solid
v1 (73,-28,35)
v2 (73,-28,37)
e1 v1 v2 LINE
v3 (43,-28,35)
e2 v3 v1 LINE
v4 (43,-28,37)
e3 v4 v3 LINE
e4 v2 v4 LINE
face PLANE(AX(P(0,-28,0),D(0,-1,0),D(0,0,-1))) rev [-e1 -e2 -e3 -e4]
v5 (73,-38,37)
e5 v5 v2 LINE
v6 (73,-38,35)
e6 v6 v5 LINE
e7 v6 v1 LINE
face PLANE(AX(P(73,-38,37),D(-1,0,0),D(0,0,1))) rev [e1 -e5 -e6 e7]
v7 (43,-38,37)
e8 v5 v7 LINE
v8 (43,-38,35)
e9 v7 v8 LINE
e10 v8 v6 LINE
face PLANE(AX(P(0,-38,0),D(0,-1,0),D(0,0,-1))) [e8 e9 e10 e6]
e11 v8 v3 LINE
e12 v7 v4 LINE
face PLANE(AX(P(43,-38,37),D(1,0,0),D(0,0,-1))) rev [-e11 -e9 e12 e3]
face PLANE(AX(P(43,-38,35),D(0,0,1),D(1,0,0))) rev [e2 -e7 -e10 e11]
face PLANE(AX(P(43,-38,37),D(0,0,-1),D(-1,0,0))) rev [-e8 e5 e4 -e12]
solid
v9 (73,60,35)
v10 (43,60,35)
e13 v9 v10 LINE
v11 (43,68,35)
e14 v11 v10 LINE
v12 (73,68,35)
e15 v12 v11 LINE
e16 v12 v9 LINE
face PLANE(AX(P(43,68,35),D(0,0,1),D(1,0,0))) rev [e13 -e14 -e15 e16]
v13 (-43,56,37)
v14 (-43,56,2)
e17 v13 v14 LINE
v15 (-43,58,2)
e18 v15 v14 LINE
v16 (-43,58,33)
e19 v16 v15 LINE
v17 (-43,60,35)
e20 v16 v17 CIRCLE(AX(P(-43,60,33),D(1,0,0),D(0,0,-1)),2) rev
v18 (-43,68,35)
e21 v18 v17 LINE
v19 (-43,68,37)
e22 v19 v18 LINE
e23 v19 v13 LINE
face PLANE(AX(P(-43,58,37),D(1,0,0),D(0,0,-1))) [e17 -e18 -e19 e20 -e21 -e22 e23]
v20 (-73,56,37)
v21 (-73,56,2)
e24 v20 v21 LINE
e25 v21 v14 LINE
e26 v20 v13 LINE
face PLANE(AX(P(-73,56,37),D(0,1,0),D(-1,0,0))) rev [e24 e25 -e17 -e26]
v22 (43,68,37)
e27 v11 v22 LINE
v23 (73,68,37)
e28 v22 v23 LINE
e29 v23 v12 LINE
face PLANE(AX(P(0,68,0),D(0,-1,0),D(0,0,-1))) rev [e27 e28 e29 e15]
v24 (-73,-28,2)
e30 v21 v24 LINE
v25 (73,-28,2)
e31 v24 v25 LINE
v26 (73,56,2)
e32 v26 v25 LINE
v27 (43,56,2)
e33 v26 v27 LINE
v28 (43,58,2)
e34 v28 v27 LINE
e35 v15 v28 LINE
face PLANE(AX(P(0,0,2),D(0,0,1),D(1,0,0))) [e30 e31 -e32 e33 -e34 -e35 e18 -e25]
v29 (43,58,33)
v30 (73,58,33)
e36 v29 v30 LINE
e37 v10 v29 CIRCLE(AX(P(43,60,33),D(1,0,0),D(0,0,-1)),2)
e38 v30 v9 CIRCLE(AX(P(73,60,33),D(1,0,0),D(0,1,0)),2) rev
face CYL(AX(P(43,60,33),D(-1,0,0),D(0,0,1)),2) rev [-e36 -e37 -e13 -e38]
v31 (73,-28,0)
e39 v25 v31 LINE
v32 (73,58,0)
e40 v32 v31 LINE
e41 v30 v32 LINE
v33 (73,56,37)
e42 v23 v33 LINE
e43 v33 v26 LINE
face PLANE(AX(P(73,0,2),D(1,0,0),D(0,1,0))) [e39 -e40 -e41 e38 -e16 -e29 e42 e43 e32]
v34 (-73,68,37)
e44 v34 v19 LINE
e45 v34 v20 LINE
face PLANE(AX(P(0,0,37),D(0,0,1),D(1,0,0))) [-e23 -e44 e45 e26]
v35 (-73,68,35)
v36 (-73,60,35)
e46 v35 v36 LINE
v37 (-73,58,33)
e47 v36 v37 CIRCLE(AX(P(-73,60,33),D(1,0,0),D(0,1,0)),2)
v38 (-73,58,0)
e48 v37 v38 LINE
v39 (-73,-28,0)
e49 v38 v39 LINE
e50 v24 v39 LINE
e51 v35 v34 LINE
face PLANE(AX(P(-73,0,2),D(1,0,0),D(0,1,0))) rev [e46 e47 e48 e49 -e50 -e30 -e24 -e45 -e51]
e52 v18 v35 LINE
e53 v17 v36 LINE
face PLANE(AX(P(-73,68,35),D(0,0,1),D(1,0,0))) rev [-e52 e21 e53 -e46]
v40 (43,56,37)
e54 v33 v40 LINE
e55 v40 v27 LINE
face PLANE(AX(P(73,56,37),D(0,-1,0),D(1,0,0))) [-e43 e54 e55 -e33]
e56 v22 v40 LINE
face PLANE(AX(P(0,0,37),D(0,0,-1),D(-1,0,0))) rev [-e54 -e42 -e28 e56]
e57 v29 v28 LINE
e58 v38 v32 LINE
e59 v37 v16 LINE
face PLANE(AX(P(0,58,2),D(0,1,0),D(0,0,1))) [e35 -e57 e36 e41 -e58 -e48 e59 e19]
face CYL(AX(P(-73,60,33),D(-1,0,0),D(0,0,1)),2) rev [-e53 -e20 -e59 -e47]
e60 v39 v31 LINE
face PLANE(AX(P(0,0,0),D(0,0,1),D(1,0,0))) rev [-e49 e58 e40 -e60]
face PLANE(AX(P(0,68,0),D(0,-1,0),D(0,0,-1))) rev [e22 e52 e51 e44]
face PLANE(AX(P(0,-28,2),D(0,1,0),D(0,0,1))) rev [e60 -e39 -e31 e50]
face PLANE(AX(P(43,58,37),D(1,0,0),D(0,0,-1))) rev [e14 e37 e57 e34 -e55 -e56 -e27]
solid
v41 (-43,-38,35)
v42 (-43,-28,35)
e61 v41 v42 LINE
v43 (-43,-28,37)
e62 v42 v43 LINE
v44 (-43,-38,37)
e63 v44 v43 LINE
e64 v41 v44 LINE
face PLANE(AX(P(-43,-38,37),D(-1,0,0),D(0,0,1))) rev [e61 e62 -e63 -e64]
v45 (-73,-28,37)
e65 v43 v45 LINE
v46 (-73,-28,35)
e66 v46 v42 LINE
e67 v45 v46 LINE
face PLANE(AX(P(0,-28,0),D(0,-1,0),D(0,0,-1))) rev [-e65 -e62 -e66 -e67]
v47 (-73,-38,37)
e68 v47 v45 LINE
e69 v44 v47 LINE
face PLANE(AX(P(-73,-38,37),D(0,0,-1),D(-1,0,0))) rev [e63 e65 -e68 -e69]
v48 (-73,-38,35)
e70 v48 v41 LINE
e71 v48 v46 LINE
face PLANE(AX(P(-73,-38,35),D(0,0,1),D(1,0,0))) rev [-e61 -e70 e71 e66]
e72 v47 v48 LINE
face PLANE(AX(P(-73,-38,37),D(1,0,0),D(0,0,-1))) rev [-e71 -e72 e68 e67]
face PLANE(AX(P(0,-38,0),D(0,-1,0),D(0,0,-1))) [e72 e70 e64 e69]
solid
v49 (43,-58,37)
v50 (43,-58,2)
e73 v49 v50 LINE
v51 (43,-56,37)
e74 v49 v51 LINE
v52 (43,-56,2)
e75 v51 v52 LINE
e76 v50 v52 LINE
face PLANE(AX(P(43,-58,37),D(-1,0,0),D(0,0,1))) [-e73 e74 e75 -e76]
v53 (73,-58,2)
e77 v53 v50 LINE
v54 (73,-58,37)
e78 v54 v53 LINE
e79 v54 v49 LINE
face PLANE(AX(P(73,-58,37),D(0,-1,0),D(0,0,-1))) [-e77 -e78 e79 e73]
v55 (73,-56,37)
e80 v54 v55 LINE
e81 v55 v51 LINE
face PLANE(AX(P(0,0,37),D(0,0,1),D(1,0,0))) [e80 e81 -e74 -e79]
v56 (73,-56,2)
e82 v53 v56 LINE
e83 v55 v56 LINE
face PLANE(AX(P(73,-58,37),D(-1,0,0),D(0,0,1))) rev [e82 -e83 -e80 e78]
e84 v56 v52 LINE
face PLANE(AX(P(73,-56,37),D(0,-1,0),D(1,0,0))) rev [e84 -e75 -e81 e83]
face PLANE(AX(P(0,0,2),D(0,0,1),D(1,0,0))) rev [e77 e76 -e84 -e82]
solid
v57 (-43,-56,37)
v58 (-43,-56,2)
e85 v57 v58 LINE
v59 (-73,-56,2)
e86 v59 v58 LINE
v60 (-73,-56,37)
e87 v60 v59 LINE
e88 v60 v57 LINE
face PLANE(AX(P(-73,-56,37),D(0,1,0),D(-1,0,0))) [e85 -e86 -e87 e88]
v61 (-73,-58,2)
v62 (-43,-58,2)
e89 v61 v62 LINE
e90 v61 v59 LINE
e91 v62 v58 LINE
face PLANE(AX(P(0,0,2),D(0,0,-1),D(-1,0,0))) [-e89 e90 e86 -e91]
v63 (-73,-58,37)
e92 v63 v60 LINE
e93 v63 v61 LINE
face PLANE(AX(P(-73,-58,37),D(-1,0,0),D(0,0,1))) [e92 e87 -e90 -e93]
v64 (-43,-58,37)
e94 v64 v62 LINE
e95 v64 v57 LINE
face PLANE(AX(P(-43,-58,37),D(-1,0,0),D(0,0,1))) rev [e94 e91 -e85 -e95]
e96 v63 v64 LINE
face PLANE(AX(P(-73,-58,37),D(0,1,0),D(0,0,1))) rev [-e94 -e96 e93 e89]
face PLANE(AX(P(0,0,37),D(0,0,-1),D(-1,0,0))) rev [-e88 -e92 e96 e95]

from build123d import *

# Parameters (mm, degrees)
ESQUISSE1_W          = 146
ESQUISSE1_H          = 86
BOSS_EXTRU_1_DEPTH   = 2
ESQUISSE2_W          = 30
ESQUISSE2_H          = 2
BOSS_EXTRU_2_DEPTH   = 35
ESQUISSE3_W          = 30
ESQUISSE3_H          = 2
BOSS_EXTRU_3_DEPTH   = 10
ESQUISSE4_W          = 30
ESQUISSE4_H          = 2
BOSS_EXTRU_4_DEPTH   = 10
BOSS_EXTRU_4_2_DEPTH = 10
CONG_1_R             = 2


with BuildPart() as part:
    # Esquisse1 → Boss.-Extru.1 (new body)
    with BuildSketch(Plane.XY):
        with Locations((0, 15)):
            Rectangle(ESQUISSE1_W, ESQUISSE1_H)
    extrude(amount=BOSS_EXTRU_1_DEPTH)

    # Esquisse2 → Boss.-Extru.2 (add)
    with BuildSketch(Plane.XY.offset(2)):
        with Locations((-58, 57)):
            Rectangle(ESQUISSE2_W, ESQUISSE2_H)
        with Locations((58, 57)):
            Rectangle(ESQUISSE2_W, ESQUISSE2_H)
        with Locations((58, -57)):
            Rectangle(ESQUISSE2_W, ESQUISSE2_H)
        with Locations((-58, -57)):
            Rectangle(ESQUISSE2_W, ESQUISSE2_H)
    extrude(amount=BOSS_EXTRU_2_DEPTH)


with BuildPart() as boss_extru_2_piece_1:
    # of the separate pieces the step leaves, piece 1, a body of its own (boss_extru_2_pieces)
    add(part.part.solids().sort_by_distance((-73, 58, 0))[0])

    # Esquisse3 → Boss.-Extru.3 (add)
    with BuildSketch(Plane(origin=(0, 58, 0), x_dir=(1, 0, 0), z_dir=(0, 1, 0))):
        with Locations((-58, -36)):
            Rectangle(ESQUISSE3_W, ESQUISSE3_H)
        with Locations((58, -36)):
            Rectangle(ESQUISSE3_W, ESQUISSE3_H)
    extrude(amount=BOSS_EXTRU_3_DEPTH)

    # Congé1
    cong_1_edges = [boss_extru_2_piece_1.edges().sort_by_distance(p)[0] for p in [
        (-58, 58, 35),
        (58, 58, 35),
    ]]
    fillet(cong_1_edges, radius=CONG_1_R)


with BuildPart() as boss_extru_2_piece_2:
    # of the separate pieces the step leaves, piece 2, a body of its own (boss_extru_2_pieces)
    add(part.part.solids().sort_by_distance((73, -58, 2))[0])


with BuildPart() as boss_extru_2_piece_3:
    # of the separate pieces the step leaves, piece 3, a body of its own (boss_extru_2_pieces)
    add(part.part.solids().sort_by_distance((-43, -58, 2))[0])


with BuildPart() as body_4:
    # Esquisse4 → Boss.-Extru.4 (new body)
    with BuildSketch(Plane.XZ.offset(28)):
        with Locations((-58, 36)):
            Rectangle(ESQUISSE4_W, ESQUISSE4_H)
    extrude(amount=BOSS_EXTRU_4_DEPTH)


with BuildPart() as body_5:
    # Esquisse4 → Boss.-Extru.4 2 (new body)
    with BuildSketch(Plane.XZ.offset(28)):
        with Locations((58, 36)):
            Rectangle(ESQUISSE4_W, ESQUISSE4_H)
    extrude(amount=BOSS_EXTRU_4_2_DEPTH)


solid = Compound([boss_extru_2_piece_1.part, boss_extru_2_piece_2.part, boss_extru_2_piece_3.part, body_4.part, body_5.part])
